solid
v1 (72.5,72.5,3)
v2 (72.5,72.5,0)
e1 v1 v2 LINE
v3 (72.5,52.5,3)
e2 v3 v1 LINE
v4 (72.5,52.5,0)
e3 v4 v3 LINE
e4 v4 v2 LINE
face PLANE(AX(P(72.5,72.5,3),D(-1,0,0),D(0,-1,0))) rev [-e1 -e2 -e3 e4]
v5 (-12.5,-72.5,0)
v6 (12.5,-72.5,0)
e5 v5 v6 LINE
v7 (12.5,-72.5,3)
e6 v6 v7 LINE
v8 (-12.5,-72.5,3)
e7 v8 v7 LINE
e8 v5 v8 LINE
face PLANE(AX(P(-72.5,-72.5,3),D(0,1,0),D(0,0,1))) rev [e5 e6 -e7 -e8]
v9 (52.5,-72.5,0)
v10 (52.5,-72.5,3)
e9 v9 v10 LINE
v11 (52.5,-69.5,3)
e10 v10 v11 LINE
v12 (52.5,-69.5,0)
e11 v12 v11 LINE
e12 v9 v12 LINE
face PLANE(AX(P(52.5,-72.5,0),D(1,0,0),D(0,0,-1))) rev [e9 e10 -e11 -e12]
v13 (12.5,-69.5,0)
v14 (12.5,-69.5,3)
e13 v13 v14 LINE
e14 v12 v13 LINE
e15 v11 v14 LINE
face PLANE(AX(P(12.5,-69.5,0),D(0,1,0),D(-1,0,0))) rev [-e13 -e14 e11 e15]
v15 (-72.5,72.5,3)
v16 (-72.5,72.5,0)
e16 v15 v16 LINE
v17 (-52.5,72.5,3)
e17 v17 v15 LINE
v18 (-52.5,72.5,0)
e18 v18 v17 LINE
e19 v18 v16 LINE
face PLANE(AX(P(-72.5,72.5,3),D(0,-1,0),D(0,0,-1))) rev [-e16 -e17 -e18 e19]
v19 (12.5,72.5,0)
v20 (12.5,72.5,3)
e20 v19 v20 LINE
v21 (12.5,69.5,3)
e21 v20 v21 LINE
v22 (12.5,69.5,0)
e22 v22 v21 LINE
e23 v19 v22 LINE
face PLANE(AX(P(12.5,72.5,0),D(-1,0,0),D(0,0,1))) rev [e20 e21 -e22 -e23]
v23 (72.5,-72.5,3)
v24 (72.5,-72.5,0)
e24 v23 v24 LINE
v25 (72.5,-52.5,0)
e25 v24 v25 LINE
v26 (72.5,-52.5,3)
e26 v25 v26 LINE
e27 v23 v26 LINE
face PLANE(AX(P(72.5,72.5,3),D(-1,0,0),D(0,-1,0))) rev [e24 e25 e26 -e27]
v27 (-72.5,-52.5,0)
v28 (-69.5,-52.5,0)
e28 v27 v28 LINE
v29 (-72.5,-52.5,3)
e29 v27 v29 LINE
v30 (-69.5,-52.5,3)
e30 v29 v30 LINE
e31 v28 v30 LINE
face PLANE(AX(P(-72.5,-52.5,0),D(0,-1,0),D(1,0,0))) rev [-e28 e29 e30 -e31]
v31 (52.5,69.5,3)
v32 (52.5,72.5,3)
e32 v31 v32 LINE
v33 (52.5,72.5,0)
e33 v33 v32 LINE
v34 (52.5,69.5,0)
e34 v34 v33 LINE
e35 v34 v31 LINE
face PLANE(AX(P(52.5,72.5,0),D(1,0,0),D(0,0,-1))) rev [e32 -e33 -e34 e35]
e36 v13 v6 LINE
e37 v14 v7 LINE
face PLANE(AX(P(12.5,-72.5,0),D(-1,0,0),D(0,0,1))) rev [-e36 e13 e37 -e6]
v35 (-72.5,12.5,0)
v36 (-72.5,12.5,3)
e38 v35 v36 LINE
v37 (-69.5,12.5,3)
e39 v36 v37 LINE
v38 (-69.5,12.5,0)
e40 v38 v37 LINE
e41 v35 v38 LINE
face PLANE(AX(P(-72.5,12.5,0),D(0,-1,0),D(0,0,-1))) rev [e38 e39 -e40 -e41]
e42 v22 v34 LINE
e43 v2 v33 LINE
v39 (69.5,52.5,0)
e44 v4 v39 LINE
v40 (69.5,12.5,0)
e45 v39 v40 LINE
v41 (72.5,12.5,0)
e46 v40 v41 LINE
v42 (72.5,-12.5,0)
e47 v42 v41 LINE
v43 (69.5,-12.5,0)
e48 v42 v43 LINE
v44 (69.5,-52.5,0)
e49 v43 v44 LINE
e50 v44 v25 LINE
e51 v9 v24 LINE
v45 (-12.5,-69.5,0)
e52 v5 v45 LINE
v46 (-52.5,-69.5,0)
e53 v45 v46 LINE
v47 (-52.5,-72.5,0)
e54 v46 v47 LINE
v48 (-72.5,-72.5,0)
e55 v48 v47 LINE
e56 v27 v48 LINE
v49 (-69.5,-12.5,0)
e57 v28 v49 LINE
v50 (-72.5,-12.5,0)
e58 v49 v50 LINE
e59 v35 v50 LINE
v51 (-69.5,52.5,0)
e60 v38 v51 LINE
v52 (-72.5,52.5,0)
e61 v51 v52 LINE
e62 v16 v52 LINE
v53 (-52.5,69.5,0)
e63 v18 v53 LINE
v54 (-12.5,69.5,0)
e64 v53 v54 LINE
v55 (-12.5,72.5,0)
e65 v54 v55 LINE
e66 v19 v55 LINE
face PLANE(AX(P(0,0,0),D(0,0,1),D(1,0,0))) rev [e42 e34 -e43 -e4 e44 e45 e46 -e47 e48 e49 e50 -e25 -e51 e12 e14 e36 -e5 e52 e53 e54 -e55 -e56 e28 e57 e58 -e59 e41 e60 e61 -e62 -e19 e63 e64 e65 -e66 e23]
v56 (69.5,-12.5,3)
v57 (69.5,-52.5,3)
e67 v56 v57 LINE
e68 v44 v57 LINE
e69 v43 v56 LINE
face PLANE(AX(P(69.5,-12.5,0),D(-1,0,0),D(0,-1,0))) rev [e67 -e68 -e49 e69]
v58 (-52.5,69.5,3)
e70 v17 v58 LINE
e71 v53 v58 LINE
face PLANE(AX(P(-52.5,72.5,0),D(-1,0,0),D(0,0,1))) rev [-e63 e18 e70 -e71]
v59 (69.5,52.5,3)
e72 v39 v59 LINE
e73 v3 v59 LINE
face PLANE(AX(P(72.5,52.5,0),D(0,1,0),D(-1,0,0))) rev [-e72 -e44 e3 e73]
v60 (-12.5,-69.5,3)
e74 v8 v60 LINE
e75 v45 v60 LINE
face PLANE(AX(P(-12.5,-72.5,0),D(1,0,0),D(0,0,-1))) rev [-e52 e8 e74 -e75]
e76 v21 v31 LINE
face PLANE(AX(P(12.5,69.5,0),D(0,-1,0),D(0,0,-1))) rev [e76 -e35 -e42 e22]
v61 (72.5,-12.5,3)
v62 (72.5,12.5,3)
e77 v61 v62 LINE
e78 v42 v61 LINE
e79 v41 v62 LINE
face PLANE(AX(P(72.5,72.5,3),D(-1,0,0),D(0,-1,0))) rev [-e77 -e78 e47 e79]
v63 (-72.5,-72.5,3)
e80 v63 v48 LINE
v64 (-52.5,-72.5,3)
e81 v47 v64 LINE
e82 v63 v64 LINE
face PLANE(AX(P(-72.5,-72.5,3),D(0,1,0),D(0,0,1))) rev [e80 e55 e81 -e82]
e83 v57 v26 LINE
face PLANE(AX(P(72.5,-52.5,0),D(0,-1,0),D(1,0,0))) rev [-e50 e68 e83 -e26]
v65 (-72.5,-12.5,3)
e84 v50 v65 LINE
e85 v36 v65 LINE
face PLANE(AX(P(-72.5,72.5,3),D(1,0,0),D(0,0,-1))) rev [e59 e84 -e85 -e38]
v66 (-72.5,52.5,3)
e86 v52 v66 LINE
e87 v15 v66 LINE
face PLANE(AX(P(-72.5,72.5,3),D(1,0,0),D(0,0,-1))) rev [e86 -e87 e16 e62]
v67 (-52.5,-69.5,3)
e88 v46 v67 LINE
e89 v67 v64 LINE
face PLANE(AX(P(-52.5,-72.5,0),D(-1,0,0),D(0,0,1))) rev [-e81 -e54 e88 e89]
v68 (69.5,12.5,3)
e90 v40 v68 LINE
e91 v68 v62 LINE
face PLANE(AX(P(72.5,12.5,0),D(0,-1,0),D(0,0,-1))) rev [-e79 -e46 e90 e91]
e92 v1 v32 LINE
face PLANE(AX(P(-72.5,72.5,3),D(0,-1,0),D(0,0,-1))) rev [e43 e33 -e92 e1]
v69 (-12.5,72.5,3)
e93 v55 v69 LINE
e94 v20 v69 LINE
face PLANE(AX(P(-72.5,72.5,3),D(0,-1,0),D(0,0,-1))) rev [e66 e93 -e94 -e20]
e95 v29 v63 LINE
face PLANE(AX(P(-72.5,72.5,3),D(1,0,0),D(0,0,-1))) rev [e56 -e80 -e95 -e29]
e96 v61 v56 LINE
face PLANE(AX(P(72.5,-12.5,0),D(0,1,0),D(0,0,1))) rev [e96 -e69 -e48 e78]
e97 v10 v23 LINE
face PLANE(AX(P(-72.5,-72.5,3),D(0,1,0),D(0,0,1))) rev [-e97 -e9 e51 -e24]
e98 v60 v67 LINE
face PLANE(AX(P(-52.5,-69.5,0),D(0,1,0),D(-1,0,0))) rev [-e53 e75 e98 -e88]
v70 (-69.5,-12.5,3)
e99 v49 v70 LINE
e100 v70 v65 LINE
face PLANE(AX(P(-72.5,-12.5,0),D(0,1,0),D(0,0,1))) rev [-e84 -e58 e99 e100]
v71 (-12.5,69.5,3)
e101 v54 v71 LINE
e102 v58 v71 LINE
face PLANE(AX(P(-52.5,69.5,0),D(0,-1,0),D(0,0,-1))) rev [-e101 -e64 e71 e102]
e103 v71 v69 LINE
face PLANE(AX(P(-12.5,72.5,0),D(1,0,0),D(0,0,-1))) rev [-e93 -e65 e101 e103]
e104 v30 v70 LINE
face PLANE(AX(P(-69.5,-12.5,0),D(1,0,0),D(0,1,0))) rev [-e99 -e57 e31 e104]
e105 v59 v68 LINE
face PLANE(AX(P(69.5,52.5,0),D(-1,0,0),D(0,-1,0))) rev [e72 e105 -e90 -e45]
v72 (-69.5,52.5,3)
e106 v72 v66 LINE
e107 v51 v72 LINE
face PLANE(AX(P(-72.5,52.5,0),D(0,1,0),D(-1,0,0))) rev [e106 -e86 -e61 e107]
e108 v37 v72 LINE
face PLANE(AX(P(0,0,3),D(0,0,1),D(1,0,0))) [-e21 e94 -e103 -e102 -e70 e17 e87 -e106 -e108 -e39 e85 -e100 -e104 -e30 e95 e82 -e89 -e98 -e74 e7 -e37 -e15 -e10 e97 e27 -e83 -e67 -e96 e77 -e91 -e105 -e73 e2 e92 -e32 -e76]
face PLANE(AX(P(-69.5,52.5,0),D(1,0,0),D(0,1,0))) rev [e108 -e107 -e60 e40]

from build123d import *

# Parameters (mm, degrees)
SKETCH1_W             = 145
SKETCH1_H             = 145
BOSS_EXTRUDE179_DEPTH = 3
SKETCH2_W             = 40
SKETCH2_H             = 3
SKETCH2_W_2           = 3
SKETCH2_H_2           = 40
CUT_EXTRUDE1_DEPTH    = 3


with BuildPart() as part:
    # Sketch1 → Boss-Extrude179 (new body)
    with BuildSketch(Plane.XY):
        Rectangle(SKETCH1_W, SKETCH1_H)
    extrude(amount=BOSS_EXTRUDE179_DEPTH)

    # Sketch2 → Cut-Extrude1 (cut)
    with BuildSketch(Plane.XY.offset(3)):
        with Locations((-32.5, 71)):
            Rectangle(SKETCH2_W, SKETCH2_H)
        with Locations((32.5, 71)):
            Rectangle(SKETCH2_W, SKETCH2_H)
        with Locations((-71, 32.5)):
            Rectangle(SKETCH2_W_2, SKETCH2_H_2)
        with Locations((-71, -32.5)):
            Rectangle(SKETCH2_W_2, SKETCH2_H_2)
        with Locations((32.5, -71)):
            Rectangle(SKETCH2_W, SKETCH2_H)
        with Locations((-32.5, -71)):
            Rectangle(SKETCH2_W, SKETCH2_H)
        with Locations((71, -32.5)):
            Rectangle(SKETCH2_W_2, SKETCH2_H_2)
        with Locations((71, 32.5)):
            Rectangle(SKETCH2_W_2, SKETCH2_H_2)
    extrude(amount=-CUT_EXTRUDE1_DEPTH, mode=Mode.SUBTRACT)


solid = part.part
